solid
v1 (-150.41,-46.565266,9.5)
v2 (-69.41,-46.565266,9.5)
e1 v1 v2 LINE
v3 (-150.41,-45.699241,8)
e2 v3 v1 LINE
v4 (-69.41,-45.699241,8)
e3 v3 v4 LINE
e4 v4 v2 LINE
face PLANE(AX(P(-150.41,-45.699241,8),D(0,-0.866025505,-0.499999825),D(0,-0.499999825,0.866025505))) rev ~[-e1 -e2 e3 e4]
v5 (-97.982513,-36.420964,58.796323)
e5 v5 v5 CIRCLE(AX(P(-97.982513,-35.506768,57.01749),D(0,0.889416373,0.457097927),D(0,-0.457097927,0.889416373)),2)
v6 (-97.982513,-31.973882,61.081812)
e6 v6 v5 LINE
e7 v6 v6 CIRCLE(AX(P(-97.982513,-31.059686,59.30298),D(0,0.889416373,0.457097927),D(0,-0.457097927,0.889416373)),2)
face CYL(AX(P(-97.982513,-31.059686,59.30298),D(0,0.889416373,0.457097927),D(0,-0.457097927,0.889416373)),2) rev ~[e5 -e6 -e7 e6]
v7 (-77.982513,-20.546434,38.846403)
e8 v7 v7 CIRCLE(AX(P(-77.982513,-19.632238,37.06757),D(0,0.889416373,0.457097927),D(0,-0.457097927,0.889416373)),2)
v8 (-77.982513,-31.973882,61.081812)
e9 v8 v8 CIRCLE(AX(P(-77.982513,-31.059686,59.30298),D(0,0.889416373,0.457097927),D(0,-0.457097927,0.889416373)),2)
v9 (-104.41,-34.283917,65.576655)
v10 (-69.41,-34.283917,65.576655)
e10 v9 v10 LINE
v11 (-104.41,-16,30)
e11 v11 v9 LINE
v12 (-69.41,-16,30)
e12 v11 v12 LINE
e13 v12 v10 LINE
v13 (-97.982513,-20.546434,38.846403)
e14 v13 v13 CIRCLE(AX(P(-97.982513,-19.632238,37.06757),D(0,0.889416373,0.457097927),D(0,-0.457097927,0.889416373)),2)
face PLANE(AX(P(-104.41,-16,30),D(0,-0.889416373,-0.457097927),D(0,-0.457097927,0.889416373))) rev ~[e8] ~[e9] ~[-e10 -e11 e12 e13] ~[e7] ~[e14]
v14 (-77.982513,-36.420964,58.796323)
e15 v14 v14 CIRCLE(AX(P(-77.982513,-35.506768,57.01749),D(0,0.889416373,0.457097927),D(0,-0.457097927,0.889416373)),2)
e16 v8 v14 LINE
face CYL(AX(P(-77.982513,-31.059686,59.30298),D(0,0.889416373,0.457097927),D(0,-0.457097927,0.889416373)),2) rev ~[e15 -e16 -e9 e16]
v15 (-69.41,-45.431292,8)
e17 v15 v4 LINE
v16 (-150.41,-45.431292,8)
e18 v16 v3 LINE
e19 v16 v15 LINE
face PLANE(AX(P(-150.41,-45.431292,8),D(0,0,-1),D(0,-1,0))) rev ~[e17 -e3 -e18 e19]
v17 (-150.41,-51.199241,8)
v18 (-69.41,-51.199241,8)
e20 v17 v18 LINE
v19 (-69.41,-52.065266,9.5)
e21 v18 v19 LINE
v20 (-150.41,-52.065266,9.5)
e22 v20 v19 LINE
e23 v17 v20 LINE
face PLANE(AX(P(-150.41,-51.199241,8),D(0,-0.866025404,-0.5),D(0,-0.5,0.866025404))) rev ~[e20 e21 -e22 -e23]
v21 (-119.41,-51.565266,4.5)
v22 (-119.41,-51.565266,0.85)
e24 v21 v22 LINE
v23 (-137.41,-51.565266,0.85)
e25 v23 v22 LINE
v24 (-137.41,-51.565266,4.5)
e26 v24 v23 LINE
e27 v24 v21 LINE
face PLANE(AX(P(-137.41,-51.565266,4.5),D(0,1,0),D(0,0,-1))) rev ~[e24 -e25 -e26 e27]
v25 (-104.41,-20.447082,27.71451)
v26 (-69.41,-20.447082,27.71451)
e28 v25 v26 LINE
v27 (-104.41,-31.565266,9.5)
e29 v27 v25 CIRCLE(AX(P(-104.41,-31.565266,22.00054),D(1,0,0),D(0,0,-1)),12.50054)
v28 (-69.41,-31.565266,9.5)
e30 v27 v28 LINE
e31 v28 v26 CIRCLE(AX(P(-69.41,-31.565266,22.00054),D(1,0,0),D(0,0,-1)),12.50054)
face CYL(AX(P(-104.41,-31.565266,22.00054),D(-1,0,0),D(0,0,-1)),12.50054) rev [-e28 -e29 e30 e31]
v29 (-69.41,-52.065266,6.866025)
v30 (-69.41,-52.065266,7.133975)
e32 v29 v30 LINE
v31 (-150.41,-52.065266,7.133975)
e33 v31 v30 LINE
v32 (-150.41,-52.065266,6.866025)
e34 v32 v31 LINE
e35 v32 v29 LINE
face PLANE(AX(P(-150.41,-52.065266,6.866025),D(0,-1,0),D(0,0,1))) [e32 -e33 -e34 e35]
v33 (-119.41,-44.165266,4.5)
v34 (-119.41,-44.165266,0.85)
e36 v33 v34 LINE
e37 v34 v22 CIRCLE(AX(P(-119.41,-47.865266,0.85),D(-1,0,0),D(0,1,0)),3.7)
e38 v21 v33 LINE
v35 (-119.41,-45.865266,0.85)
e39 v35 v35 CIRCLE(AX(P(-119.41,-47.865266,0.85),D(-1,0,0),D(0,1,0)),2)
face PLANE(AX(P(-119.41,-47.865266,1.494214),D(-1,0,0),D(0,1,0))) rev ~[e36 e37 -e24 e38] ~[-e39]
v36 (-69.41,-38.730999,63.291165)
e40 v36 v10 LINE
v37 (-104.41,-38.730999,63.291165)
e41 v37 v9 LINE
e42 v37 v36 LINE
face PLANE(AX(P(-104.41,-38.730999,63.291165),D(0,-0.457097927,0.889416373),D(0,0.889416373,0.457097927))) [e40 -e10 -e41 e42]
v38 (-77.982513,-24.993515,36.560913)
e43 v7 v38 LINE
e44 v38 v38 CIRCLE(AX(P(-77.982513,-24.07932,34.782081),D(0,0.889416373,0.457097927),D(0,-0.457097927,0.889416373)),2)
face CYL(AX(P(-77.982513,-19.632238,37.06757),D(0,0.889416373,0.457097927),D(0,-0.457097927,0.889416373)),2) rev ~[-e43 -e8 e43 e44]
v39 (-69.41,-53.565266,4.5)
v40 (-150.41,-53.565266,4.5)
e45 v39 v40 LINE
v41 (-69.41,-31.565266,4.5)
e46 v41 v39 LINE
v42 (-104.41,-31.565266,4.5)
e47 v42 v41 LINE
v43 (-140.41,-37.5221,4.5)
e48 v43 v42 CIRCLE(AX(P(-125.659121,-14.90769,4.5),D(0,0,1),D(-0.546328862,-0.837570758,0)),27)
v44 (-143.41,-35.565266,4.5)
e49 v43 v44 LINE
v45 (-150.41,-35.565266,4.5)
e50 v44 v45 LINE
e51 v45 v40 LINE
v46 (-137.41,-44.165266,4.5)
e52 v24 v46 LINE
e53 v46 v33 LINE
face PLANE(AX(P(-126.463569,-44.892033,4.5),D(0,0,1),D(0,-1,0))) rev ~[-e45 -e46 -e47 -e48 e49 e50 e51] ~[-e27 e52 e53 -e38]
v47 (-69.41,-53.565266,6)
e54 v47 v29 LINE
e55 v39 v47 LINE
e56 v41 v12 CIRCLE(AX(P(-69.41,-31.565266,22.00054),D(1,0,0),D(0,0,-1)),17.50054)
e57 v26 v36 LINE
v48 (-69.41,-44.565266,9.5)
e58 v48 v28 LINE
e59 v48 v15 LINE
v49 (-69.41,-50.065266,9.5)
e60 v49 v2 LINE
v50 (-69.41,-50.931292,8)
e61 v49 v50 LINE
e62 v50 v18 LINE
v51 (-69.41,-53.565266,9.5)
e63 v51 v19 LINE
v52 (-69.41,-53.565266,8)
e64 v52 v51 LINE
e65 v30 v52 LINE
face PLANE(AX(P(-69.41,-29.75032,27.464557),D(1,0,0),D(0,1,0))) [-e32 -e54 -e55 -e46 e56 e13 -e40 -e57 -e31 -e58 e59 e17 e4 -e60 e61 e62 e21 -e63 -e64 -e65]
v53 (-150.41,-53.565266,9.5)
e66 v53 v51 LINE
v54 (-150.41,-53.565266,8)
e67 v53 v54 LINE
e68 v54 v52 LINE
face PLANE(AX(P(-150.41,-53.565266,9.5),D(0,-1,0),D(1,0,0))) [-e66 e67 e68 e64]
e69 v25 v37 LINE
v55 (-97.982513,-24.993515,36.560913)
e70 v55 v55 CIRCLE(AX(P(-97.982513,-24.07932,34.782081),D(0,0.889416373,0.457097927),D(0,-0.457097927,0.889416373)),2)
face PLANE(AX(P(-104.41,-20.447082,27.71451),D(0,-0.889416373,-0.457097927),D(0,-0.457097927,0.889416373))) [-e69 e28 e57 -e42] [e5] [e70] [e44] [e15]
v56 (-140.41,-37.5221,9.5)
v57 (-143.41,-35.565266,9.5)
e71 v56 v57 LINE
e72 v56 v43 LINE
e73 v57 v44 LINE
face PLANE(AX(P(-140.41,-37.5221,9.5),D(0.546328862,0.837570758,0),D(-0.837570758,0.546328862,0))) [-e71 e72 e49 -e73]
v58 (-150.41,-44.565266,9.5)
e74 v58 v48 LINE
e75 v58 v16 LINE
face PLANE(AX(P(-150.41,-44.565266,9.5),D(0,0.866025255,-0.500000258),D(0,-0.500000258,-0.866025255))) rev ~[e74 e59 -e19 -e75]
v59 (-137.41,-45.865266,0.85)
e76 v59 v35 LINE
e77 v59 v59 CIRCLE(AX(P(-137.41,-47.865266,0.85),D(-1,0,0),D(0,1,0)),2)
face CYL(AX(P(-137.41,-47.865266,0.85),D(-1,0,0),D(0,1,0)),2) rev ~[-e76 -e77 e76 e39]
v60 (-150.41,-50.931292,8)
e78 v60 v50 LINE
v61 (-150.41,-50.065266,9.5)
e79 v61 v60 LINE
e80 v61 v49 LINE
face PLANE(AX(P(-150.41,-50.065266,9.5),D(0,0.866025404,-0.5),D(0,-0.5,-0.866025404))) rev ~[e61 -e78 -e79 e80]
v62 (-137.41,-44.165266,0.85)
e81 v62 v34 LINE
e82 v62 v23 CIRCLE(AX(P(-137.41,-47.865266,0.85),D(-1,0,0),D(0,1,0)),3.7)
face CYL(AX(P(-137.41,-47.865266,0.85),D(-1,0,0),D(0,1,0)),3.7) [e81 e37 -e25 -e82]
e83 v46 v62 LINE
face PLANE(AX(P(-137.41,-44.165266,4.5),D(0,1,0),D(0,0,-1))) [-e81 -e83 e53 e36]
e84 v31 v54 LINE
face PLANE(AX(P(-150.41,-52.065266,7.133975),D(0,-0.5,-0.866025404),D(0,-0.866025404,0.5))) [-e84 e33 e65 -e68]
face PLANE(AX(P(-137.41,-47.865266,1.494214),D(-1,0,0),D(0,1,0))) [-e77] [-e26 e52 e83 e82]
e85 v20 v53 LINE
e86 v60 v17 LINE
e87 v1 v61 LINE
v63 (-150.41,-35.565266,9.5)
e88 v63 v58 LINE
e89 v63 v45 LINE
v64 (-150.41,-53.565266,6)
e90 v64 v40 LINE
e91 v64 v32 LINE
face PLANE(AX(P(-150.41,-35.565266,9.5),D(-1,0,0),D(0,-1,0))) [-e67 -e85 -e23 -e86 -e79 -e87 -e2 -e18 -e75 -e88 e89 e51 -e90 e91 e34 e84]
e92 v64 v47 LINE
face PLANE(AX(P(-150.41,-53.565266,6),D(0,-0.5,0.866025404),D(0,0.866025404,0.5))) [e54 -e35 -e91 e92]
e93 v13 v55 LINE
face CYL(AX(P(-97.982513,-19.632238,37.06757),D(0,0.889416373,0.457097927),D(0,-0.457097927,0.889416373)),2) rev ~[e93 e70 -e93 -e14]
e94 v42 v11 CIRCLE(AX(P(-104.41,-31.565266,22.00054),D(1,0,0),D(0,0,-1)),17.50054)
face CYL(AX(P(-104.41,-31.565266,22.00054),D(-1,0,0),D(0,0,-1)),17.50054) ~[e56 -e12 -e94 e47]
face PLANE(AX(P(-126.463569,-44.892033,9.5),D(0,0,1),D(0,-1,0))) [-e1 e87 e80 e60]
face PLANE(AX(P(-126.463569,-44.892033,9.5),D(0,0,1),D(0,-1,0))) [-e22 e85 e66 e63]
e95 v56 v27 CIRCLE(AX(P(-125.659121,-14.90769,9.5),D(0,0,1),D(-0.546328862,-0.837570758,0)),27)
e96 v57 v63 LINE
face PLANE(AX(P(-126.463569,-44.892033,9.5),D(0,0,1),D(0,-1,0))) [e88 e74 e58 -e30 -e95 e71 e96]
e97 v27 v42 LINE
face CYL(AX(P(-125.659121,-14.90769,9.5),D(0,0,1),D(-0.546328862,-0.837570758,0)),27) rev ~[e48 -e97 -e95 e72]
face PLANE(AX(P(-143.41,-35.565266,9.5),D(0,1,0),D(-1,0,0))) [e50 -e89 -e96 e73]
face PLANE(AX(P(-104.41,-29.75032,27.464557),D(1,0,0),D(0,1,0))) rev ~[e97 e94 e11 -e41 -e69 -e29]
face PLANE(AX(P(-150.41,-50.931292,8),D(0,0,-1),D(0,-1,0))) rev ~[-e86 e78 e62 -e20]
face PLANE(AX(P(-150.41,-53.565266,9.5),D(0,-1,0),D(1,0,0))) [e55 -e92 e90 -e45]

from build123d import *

# Parameters (mm, degrees)
PAD018_DEPTH    = 35
SKETCH027_R     = 2
POCKET014_DEPTH = 5
PAD019_DEPTH    = 5
SKETCH029_R     = 2
PAD020_DEPTH    = 18
POCKET015_DEPTH = 81


with BuildPart() as part:
    # Sketch026 → Pad018 (new body)
    with BuildSketch(Plane.YZ):
        with BuildLine():
            Line((-16, 30), (-34.2839170823, 65.5766549317))
            Line((-38.7309989488, 63.2911652964), (-34.2839170823, 65.5766549317))
            Line((-20.4470818665, 27.7145103647), (-38.7309989488, 63.2911652964))
            ThreePointArc((-31.5652664778, 9.5), (-20.8954209204, 15.4876380739), (-20.4470818665, 27.7145103647))
            Line((-53.5652664778, 9.5), (-31.5652664778, 9.5))
            Line((-53.5652664778, 4.5), (-53.5652664778, 9.5))
            Line((-31.5652664778, 4.5), (-53.5652664778, 4.5))
            ThreePointArc((-31.5652664778, 4.5), (-16.627666934, 12.8825899147), (-16, 30))
        make_face()
    extrude(amount=PAD018_DEPTH)

    # Sketch027 (on Face1 of Pad018) → Pocket014 (cut)
    with BuildSketch(Plane(origin=(0, -0.4604723456, -0.2366506407), x_dir=(0, -0.4570979271, 0.8894163733), z_dir=(0, 0.8894163733, 0.4570979271))):
        with Locations((41.942359, 26.427487)):
            Circle(SKETCH027_R)
        with Locations((66.942359, 26.427487)):
            Circle(SKETCH027_R)
        with Locations((66.942359, 6.427487)):
            Circle(SKETCH027_R)
        with Locations((41.942359, 6.427487)):
            Circle(SKETCH027_R)
    extrude(amount=-POCKET014_DEPTH, mode=Mode.SUBTRACT)

    # Sketch028 (on Face13 of Pocket014) → Pad019 (join)
    with BuildSketch(Plane(origin=(0, 0, 9.5), x_dir=(0, -1, 0), z_dir=(0, 0, 1))):
        with BuildLine():
            Line((53.5652664778, 0), (31.5652664778, 0))
            ThreePointArc((37.5221000572, -36), (41.5454869398, -16.8414283547), (31.5652664778, 0))
            Line((37.5221000572, -36), (35.5652664778, -39))
            Line((35.5652664778, -39), (35.5652664778, -46))
            Line((35.5652664778, -46), (53.5652664778, -46))
            Line((53.5652664778, -46), (53.5652664778, 0))
        make_face()
    extrude(amount=-PAD019_DEPTH)

    # Sketch029 (on Face15 of Pad019) → Pad020 (join)
    with BuildSketch(Plane(origin=(-33, 0, 0), x_dir=(0, 1, 0), z_dir=(-1, 0, 0))):
        with BuildLine():
            Line((-44.1652664778, -4.5), (-44.1652664778, -0.85))
            ThreePointArc((-44.1652664778, -0.85), (-47.8652664778, 2.85), (-51.5652664778, -0.85))
            Line((-51.5652664778, -4.5), (-51.5652664778, -0.85))
            Line((-51.5652664778, -4.5), (-44.1652664778, -4.5))
        make_face()
        with Locations((-47.8652664778, -0.85)):
            Circle(SKETCH029_R, mode=Mode.SUBTRACT)
    extrude(amount=-PAD020_DEPTH)

    # Sketch030 (on Face18 of Pad020) → Pocket015 (cut)
    with BuildSketch(Plane(origin=(-46, 0, 0), x_dir=(0, 1, 0), z_dir=(-1, 0, 0))):
        Polygon((-53.5652664778, -6), (-52.0652664778, -6.8660254038), (-52.0652664778, -7.1339745962), (-53.5652664778, -8), align=None)
        Polygon((-50.0652664778, -9.5), (-50.9312918816, -8), (-51.199241074, -8), (-52.0652664778, -9.5), align=None)
        Polygon((-45.699241, -8), (-46.565266, -9.5), (-44.565266, -9.5), (-45.431292, -8), align=None)
    extrude(amount=-POCKET015_DEPTH, mode=Mode.SUBTRACT)


with BuildPart() as part_1:
    # Body006 placement: moved
    add(part.part.moved(Location((-104.41, 0, 0))))


solid = part_1.part
